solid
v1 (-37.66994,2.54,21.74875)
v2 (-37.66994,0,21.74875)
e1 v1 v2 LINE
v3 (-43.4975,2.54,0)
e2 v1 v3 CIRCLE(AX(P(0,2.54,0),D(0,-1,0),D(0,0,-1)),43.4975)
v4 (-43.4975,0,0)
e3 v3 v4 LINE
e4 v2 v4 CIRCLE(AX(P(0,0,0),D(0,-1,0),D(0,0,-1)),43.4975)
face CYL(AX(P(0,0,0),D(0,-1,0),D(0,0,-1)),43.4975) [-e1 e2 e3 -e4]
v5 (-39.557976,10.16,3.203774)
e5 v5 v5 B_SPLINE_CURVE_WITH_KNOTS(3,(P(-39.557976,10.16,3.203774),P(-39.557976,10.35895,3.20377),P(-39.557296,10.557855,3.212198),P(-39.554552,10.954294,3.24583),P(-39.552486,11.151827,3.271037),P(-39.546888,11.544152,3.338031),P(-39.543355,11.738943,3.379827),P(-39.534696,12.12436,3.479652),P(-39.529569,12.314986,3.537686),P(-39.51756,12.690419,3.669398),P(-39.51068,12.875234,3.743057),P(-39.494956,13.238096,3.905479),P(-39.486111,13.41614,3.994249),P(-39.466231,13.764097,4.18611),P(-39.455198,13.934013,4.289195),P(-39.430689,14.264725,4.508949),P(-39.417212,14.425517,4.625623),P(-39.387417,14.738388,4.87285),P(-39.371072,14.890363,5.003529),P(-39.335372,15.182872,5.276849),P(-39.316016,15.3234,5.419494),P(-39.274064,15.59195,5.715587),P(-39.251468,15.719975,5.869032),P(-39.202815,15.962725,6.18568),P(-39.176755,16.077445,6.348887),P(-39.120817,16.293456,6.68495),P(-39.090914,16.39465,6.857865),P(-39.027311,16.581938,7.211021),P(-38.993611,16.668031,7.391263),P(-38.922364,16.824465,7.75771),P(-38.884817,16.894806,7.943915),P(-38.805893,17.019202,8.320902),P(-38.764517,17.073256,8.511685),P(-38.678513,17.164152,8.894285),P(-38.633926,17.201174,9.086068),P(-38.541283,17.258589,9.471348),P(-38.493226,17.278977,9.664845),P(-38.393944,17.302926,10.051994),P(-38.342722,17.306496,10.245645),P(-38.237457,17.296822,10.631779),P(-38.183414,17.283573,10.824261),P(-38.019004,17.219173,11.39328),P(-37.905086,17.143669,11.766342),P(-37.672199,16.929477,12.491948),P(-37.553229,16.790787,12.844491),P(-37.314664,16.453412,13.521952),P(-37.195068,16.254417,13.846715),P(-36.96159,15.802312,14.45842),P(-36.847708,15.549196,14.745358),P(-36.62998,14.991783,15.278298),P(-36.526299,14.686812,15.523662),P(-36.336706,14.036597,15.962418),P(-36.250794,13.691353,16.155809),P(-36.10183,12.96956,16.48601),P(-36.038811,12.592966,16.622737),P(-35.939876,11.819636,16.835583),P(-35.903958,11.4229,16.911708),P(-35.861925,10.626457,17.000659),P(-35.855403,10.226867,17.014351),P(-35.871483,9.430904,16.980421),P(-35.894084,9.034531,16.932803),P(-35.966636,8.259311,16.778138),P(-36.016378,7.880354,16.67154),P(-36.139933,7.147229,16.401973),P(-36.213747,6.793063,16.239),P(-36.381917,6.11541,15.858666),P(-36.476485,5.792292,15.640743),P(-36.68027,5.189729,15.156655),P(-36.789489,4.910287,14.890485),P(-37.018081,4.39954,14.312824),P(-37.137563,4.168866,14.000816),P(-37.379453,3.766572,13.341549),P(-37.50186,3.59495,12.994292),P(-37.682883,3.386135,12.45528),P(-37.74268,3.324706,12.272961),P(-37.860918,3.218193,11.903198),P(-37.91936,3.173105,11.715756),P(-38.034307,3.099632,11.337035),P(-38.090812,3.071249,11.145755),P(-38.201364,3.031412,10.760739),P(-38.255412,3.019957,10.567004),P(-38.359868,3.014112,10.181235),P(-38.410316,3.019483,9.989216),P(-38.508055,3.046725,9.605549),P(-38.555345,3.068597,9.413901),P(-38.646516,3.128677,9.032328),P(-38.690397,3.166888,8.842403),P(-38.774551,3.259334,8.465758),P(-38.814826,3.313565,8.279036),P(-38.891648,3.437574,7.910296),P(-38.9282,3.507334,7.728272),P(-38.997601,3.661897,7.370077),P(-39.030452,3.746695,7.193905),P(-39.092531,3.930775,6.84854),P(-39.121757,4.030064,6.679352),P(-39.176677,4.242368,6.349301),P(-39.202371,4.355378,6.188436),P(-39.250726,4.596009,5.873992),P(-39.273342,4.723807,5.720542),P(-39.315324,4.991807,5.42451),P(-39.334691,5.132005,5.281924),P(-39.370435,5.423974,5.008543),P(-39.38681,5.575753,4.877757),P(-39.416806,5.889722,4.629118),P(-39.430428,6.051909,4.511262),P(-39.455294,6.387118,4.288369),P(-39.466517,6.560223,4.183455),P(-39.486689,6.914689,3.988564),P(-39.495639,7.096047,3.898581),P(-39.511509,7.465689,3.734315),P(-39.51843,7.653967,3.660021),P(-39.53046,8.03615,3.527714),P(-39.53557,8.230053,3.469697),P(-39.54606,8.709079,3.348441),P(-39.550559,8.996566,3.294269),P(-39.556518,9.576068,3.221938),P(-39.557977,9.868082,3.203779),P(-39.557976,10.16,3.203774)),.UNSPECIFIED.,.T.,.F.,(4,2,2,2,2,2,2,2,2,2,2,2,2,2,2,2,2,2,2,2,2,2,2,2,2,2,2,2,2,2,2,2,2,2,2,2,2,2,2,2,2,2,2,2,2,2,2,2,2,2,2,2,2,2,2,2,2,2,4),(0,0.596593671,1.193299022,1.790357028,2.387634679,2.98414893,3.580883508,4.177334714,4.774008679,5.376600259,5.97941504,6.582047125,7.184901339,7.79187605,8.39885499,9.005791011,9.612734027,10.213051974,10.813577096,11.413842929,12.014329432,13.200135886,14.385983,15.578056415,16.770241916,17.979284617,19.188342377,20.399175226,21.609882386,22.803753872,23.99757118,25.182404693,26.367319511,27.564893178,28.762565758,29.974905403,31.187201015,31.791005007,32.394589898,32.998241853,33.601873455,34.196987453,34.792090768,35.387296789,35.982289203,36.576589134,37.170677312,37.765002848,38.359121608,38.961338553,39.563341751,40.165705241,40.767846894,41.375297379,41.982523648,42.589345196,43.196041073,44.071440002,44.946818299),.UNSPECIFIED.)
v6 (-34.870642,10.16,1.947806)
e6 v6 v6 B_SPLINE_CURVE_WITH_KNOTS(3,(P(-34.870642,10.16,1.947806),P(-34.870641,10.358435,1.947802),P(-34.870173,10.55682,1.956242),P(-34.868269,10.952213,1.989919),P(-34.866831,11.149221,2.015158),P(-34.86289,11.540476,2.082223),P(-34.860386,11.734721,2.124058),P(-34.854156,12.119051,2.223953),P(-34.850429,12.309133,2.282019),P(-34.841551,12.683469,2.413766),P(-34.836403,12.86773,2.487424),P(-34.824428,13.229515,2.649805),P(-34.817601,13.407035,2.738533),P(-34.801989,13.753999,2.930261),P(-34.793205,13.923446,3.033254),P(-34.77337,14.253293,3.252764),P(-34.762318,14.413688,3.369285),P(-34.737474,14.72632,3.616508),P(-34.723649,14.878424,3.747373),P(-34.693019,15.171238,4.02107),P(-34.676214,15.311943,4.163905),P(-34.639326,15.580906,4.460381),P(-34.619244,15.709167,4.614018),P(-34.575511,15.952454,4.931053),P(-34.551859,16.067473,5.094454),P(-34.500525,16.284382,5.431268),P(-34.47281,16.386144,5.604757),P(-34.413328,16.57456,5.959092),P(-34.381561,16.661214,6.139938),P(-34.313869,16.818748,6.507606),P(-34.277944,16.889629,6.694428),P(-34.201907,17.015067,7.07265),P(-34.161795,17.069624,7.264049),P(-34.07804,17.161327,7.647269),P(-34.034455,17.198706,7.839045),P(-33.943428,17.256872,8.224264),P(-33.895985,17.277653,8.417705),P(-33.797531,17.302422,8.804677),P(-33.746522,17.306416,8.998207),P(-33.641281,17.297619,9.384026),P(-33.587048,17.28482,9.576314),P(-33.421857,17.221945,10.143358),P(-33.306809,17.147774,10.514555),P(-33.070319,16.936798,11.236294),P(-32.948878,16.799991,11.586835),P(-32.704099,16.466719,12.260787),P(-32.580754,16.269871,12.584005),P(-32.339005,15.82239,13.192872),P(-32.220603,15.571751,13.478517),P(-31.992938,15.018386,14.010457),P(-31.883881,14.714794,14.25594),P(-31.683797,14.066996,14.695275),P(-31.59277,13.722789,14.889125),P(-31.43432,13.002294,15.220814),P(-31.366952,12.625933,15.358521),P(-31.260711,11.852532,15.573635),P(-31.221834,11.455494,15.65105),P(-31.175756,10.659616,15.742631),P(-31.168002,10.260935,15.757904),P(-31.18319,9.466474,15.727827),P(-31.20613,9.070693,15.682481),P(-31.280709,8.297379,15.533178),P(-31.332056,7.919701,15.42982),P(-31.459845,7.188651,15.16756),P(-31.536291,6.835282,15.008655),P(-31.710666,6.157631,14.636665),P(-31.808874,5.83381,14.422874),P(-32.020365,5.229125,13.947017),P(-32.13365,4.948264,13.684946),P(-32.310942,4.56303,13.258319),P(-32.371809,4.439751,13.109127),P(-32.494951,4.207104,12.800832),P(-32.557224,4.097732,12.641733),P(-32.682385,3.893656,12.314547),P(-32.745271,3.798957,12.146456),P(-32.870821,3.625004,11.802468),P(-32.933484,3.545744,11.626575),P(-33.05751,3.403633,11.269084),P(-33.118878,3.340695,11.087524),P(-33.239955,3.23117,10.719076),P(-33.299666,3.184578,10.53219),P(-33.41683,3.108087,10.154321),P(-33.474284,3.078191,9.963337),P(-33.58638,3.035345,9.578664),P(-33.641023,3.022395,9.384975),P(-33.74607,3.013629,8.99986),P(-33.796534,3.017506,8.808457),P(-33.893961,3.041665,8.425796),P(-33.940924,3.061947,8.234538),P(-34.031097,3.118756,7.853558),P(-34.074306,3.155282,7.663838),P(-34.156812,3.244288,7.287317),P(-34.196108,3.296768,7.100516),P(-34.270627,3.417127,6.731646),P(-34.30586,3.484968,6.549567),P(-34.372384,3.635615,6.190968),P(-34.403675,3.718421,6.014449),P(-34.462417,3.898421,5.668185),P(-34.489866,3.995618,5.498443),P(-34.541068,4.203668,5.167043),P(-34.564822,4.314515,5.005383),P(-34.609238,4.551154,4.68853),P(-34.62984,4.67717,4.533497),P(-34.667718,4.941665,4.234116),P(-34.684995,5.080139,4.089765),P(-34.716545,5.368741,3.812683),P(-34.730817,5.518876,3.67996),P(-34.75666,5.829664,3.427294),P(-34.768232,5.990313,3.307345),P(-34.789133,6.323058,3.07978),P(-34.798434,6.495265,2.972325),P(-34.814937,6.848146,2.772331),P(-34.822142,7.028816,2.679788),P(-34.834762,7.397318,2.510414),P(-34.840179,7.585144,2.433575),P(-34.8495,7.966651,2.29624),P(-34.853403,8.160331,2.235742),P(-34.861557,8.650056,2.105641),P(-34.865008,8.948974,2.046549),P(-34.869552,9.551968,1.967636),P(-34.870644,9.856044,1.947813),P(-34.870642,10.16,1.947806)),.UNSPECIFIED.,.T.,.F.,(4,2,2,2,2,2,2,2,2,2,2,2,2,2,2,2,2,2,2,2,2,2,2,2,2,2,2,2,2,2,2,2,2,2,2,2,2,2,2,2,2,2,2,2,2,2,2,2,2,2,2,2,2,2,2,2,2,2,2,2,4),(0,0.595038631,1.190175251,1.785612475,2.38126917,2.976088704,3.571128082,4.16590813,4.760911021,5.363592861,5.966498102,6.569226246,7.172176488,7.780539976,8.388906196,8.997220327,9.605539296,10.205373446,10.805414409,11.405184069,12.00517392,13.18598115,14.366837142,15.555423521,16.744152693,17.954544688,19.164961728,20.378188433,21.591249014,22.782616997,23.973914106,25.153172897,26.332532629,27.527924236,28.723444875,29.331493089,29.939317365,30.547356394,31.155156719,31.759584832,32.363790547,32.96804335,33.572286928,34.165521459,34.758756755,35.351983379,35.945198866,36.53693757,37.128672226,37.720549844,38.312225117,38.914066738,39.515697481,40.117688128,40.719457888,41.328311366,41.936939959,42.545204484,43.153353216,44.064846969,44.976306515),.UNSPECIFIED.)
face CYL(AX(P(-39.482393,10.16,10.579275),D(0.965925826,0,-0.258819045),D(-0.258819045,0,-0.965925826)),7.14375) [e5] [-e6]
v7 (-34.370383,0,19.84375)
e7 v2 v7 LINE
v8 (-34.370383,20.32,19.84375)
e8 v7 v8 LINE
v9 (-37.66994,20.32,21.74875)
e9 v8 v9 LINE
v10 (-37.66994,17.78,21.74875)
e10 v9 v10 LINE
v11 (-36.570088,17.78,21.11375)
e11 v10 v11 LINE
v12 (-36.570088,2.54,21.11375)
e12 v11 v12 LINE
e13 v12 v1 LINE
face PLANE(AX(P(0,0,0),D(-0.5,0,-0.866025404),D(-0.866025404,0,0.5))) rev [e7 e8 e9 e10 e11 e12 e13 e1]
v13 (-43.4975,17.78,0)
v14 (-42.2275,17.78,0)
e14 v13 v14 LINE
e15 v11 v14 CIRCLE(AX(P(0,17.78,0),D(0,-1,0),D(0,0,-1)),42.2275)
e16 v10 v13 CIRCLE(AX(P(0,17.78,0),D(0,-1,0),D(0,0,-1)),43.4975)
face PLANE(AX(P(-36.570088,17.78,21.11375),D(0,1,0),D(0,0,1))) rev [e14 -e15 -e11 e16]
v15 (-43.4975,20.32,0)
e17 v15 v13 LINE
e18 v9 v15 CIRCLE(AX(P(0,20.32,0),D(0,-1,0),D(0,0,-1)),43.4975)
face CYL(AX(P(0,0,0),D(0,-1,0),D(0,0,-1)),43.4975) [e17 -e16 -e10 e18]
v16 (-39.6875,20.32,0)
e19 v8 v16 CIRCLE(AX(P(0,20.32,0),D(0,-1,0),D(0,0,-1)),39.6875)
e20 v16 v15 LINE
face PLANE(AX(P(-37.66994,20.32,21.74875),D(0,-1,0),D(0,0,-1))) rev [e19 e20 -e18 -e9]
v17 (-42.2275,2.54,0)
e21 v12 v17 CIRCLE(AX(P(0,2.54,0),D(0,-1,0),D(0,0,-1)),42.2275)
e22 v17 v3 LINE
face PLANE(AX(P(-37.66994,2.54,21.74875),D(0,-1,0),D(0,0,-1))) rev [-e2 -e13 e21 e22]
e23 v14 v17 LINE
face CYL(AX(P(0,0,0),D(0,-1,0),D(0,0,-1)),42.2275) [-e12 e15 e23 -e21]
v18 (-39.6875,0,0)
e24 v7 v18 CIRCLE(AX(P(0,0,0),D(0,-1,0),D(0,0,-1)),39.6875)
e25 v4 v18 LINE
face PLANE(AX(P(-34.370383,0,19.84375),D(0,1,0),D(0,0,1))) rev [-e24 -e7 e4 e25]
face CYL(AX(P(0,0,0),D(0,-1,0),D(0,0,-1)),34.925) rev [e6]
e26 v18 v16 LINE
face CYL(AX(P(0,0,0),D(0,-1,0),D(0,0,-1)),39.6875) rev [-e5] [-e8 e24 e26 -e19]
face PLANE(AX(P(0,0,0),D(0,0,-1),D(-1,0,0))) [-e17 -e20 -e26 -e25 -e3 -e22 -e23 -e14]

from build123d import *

# Parameters (mm, degrees)
REVOLVE1_ANGLE      = 30
SKETCH2_R           = 7.14375
BOSS_EXTRUDE1_DEPTH = 2.54
SKETCH3_R           = 7.14375
BOSS_EXTRUDE2_DEPTH = 6.35
SKETCH4_W           = 34.925
SKETCH4_H           = 20.32
CUT_REVOLVE1_ANGLE  = 30


with BuildPart() as part:
    # Sketch1 → Revolve1 (revolve)
    with BuildSketch(Plane.XY):
        Polygon((-43.4975, 0), (-43.4975, 2.54), (-42.2275, 2.54), (-42.2275, 17.78), (-43.4975, 17.78), (-43.4975, 20.32), (-39.6875, 20.32), (-39.6875, 0), align=None)
    revolve(axis=Axis((0, 0, 0), (0, 1, 0)), revolution_arc=REVOLVE1_ANGLE)

    # Sketch2 → Boss-Extrude1 (add)
    with BuildSketch(Plane(origin=(-37.028941606, 0, 9.921875), x_dir=(0.258819045, 0, 0.965925826), z_dir=(-0.965925826, 0, 0.258819045))):
        with Locations((0, 10.16)):
            Circle(SKETCH2_R)
    extrude(amount=BOSS_EXTRUDE1_DEPTH)

    # Sketch3 → Boss-Extrude2 (add)
    with BuildSketch(Plane(origin=(-37.028941606, 0, 9.921875), x_dir=(-0.258819045, 0, -0.965925826), z_dir=(0.965925826, 0, -0.258819045))):
        with Locations((0, 10.16)):
            Circle(SKETCH3_R)
    extrude(amount=BOSS_EXTRUDE2_DEPTH)

    # Sketch4 → Cut-Revolve1 (revolve, cut)
    with BuildSketch(Plane.XY):
        with Locations((-17.4625, 10.16)):
            Rectangle(SKETCH4_W, SKETCH4_H)
    revolve(axis=Axis((0, 0, 0), (0, 1, 0)), revolution_arc=CUT_REVOLVE1_ANGLE, mode=Mode.SUBTRACT)


solid = part.part
